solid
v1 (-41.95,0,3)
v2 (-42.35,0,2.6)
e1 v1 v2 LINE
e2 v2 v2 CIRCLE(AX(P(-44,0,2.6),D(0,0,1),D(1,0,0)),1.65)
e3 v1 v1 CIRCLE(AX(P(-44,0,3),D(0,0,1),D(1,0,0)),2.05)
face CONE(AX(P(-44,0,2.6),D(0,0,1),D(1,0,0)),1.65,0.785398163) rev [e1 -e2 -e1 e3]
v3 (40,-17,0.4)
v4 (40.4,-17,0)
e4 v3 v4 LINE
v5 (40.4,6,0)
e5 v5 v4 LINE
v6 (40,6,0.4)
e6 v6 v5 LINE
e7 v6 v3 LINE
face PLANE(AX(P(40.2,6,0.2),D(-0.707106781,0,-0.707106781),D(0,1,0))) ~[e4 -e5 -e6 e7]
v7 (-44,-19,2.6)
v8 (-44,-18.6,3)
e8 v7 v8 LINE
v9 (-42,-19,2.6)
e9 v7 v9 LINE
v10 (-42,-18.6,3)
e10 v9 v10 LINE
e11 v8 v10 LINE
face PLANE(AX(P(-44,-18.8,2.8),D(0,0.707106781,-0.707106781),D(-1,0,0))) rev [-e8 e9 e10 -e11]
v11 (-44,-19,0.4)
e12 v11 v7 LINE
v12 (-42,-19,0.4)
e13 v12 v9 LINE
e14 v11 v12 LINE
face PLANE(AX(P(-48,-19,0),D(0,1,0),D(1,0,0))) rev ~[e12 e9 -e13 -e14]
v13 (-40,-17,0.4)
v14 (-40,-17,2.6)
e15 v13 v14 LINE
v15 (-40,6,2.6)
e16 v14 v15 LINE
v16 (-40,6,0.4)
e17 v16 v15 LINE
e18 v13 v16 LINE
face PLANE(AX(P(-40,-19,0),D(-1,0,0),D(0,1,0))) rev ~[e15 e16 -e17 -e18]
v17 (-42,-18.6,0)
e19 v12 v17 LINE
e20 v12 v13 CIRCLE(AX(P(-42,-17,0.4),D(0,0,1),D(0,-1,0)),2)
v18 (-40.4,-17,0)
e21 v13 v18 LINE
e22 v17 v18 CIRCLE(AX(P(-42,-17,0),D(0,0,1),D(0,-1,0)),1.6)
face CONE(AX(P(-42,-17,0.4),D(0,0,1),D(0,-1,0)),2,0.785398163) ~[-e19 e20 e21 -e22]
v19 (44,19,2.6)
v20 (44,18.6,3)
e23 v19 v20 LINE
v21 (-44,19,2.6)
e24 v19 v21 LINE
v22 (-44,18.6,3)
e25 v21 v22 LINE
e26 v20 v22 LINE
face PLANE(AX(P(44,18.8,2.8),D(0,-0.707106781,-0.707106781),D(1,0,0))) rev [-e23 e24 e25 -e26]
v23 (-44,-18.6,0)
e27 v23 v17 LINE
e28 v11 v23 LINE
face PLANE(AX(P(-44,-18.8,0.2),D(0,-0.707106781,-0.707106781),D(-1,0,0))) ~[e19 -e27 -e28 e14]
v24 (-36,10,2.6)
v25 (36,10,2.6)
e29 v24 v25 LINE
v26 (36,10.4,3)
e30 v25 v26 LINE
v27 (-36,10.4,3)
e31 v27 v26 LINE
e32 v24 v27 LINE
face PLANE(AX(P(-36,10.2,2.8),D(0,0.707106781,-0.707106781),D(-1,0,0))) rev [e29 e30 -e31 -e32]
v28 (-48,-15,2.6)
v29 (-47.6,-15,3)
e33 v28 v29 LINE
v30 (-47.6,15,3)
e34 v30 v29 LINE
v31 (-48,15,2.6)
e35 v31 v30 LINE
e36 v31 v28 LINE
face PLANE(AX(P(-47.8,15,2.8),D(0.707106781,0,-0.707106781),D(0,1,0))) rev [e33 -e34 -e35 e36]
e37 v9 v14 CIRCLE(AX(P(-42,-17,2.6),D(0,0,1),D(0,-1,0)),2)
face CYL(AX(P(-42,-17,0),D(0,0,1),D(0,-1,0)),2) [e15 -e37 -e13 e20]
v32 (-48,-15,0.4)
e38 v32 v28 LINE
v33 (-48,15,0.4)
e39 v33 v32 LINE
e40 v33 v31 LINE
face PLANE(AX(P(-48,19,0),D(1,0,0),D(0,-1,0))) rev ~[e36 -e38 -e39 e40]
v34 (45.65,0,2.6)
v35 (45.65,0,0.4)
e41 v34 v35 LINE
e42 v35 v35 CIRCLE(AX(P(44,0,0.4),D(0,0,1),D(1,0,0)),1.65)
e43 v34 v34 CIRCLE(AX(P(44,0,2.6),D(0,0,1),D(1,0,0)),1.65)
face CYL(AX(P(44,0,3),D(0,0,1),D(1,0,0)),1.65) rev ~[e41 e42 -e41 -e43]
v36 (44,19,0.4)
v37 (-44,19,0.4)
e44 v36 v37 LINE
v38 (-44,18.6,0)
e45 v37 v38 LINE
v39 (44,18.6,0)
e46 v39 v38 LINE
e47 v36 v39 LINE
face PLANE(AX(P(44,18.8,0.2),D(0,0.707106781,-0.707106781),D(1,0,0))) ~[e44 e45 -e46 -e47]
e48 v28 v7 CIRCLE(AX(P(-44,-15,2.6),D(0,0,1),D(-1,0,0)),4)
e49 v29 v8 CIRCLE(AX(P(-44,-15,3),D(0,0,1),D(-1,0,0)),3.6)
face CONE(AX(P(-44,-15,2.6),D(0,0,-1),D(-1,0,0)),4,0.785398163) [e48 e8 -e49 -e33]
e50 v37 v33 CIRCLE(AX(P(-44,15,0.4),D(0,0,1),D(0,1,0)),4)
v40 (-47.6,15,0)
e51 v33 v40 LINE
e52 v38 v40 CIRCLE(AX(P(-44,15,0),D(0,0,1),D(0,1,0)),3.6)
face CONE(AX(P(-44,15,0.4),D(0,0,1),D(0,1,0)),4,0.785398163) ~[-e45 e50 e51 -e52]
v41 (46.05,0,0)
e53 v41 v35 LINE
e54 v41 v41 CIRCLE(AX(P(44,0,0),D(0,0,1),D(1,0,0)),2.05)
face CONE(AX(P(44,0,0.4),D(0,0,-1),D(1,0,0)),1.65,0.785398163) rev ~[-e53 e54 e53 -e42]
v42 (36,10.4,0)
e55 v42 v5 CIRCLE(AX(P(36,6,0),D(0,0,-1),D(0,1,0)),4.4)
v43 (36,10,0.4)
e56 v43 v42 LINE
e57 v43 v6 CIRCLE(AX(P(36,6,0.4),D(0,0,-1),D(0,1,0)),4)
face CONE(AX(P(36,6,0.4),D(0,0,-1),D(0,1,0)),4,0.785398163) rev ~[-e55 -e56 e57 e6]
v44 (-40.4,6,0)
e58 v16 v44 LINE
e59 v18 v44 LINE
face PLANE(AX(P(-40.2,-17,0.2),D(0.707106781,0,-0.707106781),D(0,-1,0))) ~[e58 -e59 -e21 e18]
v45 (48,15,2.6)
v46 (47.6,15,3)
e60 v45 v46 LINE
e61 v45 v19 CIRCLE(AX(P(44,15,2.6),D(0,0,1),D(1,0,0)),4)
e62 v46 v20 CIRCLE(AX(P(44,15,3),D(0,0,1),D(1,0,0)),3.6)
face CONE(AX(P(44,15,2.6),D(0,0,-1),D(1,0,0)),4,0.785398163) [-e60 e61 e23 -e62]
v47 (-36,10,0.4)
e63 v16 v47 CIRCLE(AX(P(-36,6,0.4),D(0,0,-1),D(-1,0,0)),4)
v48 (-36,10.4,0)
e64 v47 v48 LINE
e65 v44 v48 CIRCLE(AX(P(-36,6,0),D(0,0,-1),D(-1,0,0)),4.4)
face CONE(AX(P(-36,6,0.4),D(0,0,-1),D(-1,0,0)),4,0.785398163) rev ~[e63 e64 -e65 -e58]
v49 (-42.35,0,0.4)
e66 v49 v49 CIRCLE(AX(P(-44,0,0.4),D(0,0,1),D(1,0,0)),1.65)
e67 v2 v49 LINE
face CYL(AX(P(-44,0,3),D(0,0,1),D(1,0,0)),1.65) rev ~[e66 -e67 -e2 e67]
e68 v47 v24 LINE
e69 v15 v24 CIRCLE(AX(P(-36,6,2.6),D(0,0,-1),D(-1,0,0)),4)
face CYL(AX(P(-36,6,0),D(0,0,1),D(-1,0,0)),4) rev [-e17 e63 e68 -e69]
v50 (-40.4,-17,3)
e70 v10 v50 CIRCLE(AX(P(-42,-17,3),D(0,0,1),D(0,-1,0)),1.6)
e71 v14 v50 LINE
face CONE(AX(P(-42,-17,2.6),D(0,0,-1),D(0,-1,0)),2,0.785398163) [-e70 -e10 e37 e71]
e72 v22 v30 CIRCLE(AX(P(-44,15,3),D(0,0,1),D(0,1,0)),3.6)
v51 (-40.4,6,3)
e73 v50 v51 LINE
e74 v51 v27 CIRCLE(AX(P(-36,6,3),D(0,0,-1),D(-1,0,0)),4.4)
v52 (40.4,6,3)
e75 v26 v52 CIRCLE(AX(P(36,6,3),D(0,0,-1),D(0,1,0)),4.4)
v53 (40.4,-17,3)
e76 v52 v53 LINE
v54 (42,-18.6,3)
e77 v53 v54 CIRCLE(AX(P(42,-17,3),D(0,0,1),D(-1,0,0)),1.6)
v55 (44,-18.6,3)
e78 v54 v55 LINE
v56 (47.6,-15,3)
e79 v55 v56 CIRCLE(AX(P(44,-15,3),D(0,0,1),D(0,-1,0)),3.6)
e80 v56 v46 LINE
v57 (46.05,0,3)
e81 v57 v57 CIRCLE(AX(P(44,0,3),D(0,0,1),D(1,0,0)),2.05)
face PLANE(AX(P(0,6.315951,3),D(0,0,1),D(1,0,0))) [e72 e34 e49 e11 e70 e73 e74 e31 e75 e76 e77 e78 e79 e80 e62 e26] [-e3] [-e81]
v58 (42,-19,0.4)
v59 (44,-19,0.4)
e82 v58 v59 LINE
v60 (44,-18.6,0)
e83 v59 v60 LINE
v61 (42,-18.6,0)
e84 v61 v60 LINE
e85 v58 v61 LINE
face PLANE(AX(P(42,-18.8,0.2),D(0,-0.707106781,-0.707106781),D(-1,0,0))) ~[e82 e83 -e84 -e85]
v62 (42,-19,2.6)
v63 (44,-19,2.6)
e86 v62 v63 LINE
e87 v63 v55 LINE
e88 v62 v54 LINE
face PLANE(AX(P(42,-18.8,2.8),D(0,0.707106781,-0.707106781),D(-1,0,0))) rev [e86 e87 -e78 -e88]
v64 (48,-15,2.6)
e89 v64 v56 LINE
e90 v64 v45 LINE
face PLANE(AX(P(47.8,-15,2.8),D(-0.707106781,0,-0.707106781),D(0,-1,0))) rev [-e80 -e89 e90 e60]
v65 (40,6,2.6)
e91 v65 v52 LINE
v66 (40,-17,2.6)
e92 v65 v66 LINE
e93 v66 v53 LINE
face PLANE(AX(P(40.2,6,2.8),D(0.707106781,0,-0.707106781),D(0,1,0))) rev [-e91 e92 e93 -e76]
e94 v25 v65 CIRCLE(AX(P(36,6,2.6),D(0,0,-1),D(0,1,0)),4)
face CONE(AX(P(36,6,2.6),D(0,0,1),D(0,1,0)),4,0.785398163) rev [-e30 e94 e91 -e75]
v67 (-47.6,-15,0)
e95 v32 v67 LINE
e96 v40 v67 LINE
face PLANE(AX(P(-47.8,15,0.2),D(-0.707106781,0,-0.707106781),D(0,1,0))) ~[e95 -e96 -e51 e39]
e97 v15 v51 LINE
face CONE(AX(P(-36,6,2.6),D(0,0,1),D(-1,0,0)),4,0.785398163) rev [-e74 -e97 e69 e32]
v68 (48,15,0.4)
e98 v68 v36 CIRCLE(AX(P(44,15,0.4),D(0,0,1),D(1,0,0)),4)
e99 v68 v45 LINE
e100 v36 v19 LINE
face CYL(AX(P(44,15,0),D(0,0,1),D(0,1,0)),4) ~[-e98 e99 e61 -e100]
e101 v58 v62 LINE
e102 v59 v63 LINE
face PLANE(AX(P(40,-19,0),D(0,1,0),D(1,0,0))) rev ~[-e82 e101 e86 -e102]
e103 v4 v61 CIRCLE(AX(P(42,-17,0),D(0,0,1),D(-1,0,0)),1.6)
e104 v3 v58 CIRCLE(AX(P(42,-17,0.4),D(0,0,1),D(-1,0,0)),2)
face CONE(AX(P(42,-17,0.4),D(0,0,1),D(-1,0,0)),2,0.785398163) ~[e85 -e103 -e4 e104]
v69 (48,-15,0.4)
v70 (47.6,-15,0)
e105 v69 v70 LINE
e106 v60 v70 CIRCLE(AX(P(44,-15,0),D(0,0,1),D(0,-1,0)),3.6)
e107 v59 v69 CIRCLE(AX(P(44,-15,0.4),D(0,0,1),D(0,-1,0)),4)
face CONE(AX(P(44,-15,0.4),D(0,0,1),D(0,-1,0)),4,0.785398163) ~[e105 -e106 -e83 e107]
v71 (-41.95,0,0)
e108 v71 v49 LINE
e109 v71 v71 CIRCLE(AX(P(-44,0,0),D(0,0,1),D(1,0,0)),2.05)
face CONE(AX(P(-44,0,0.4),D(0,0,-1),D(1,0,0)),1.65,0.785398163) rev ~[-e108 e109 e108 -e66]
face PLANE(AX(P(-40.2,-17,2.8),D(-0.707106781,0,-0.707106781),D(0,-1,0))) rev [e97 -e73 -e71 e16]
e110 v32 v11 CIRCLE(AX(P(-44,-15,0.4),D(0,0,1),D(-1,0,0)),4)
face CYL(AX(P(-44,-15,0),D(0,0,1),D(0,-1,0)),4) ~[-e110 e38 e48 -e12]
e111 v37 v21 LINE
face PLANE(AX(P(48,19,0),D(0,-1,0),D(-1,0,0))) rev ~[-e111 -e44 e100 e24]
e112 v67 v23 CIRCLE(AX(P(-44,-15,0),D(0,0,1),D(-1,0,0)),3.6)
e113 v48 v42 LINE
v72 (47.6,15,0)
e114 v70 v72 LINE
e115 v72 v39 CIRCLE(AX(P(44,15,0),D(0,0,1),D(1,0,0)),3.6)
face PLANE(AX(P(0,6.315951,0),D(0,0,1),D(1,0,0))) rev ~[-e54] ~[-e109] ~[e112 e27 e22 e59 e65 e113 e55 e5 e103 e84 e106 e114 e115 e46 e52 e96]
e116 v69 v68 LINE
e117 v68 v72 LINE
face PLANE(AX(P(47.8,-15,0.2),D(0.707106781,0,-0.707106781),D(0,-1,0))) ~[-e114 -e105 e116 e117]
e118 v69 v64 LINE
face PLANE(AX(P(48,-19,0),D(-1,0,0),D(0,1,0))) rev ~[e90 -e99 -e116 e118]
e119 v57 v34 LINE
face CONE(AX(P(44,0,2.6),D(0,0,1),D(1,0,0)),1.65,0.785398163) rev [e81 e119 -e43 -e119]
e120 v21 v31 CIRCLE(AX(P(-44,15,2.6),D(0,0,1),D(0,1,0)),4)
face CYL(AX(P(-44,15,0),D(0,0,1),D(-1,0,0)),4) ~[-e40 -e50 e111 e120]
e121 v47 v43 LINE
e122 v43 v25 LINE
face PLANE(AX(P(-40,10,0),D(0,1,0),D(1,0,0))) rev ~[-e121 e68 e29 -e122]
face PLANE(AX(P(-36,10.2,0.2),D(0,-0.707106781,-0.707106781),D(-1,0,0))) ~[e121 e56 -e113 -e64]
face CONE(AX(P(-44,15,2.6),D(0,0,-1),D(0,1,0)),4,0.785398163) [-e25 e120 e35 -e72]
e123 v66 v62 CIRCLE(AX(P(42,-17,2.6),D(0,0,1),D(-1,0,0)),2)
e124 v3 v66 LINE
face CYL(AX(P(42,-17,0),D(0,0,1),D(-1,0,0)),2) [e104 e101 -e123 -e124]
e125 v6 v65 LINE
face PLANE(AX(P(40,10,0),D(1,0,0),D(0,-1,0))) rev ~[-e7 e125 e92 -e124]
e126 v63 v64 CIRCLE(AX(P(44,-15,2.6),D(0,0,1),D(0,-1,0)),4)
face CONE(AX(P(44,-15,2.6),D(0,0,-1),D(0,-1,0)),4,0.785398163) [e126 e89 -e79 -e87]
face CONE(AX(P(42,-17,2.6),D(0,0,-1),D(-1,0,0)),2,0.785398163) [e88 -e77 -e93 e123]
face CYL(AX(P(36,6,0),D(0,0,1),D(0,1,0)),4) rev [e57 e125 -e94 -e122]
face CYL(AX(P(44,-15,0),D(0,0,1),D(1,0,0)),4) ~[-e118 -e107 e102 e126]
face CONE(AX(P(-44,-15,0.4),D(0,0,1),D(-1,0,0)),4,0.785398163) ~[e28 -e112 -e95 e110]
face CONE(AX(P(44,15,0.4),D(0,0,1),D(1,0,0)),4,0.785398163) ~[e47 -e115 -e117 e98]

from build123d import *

# Parameters (mm, degrees)
PAD_DEPTH    = 3
SKETCH004_R  = 1.65
POCKET_DEPTH = 3.001
FILLET_R     = 4
FILLET001_R  = 2
CHAMFER_SIZE = 0.4


with BuildPart() as part:
    # Sketch → Pad (new body)
    with BuildSketch(Plane.XY):
        Polygon((-48, -19), (-40, -19), (-40, 10), (40, 10), (40, -19), (48, -19), (48, 19), (-48, 19), align=None)
    extrude(amount=PAD_DEPTH)

    # Sketch004 (on Face10 of Pad) → Pocket (cut, through all)
    with BuildSketch(Plane.XY.offset(3)):
        with Locations((-44, 0)):
            Circle(SKETCH004_R)
        with Locations((44, 0)):
            Circle(SKETCH004_R)
    extrude(amount=-POCKET_DEPTH, mode=Mode.SUBTRACT)

    # Fillet
    fillet_edges = [part.edges().sort_by_distance(p)[0] for p in [
        (-40, 10, 1.5),
        (40, 10, 1.5),
        (48, -19, 1.5),
        (-48, -19, 1.5),
        (-48, 19, 1.5),
        (48, 19, 1.5),
    ]]
    fillet(fillet_edges, radius=FILLET_R)

    # Fillet001
    fillet001_edges = [part.edges().sort_by_distance(p)[0] for p in [
        (40, -19, 1.5),
        (-40, -19, 1.5),
    ]]
    fillet(fillet001_edges, radius=FILLET001_R)

    # Chamfer
    chamfer_edges = [part.edges().sort_by_distance(p)[0] for p in [
        (-43, -19, 3),
        (-40.585786, -18.414214, 3),
        (-46.828427, -17.828427, 3),
        (-40, -5.5, 3),
        (-48, 0, 3),
        (-38.828427, 8.828427, 3),
        (-46.828427, 17.828427, 3),
        (0, 10, 3),
        (0, 19, 3),
        (38.828427, 8.828427, 3),
        (46.828427, 17.828427, 3),
        (40, -5.5, 3),
        (48, 0, 3),
        (40.585786, -18.414214, 3),
        (46.828427, -17.828427, 3),
        (43, -19, 3),
        (-45.65, 0, 3),
        (42.35, 0, 3),
        (-43, -19, 0),
        (-40.585786, -18.414214, 0),
        (-46.828427, -17.828427, 0),
        (-40, -5.5, 0),
        (-48, 0, 0),
        (-38.828427, 8.828427, 0),
        (-46.828427, 17.828427, 0),
        (0, 10, 0),
        (0, 19, 0),
        (38.828427, 8.828427, 0),
        (46.828427, 17.828427, 0),
        (40, -5.5, 0),
        (48, 0, 0),
        (40.585786, -18.414214, 0),
        (46.828427, -17.828427, 0),
        (43, -19, 0),
        (-45.65, 0, 0),
        (42.35, 0, 0),
    ]]
    chamfer(chamfer_edges, length=CHAMFER_SIZE)


solid = part.part
